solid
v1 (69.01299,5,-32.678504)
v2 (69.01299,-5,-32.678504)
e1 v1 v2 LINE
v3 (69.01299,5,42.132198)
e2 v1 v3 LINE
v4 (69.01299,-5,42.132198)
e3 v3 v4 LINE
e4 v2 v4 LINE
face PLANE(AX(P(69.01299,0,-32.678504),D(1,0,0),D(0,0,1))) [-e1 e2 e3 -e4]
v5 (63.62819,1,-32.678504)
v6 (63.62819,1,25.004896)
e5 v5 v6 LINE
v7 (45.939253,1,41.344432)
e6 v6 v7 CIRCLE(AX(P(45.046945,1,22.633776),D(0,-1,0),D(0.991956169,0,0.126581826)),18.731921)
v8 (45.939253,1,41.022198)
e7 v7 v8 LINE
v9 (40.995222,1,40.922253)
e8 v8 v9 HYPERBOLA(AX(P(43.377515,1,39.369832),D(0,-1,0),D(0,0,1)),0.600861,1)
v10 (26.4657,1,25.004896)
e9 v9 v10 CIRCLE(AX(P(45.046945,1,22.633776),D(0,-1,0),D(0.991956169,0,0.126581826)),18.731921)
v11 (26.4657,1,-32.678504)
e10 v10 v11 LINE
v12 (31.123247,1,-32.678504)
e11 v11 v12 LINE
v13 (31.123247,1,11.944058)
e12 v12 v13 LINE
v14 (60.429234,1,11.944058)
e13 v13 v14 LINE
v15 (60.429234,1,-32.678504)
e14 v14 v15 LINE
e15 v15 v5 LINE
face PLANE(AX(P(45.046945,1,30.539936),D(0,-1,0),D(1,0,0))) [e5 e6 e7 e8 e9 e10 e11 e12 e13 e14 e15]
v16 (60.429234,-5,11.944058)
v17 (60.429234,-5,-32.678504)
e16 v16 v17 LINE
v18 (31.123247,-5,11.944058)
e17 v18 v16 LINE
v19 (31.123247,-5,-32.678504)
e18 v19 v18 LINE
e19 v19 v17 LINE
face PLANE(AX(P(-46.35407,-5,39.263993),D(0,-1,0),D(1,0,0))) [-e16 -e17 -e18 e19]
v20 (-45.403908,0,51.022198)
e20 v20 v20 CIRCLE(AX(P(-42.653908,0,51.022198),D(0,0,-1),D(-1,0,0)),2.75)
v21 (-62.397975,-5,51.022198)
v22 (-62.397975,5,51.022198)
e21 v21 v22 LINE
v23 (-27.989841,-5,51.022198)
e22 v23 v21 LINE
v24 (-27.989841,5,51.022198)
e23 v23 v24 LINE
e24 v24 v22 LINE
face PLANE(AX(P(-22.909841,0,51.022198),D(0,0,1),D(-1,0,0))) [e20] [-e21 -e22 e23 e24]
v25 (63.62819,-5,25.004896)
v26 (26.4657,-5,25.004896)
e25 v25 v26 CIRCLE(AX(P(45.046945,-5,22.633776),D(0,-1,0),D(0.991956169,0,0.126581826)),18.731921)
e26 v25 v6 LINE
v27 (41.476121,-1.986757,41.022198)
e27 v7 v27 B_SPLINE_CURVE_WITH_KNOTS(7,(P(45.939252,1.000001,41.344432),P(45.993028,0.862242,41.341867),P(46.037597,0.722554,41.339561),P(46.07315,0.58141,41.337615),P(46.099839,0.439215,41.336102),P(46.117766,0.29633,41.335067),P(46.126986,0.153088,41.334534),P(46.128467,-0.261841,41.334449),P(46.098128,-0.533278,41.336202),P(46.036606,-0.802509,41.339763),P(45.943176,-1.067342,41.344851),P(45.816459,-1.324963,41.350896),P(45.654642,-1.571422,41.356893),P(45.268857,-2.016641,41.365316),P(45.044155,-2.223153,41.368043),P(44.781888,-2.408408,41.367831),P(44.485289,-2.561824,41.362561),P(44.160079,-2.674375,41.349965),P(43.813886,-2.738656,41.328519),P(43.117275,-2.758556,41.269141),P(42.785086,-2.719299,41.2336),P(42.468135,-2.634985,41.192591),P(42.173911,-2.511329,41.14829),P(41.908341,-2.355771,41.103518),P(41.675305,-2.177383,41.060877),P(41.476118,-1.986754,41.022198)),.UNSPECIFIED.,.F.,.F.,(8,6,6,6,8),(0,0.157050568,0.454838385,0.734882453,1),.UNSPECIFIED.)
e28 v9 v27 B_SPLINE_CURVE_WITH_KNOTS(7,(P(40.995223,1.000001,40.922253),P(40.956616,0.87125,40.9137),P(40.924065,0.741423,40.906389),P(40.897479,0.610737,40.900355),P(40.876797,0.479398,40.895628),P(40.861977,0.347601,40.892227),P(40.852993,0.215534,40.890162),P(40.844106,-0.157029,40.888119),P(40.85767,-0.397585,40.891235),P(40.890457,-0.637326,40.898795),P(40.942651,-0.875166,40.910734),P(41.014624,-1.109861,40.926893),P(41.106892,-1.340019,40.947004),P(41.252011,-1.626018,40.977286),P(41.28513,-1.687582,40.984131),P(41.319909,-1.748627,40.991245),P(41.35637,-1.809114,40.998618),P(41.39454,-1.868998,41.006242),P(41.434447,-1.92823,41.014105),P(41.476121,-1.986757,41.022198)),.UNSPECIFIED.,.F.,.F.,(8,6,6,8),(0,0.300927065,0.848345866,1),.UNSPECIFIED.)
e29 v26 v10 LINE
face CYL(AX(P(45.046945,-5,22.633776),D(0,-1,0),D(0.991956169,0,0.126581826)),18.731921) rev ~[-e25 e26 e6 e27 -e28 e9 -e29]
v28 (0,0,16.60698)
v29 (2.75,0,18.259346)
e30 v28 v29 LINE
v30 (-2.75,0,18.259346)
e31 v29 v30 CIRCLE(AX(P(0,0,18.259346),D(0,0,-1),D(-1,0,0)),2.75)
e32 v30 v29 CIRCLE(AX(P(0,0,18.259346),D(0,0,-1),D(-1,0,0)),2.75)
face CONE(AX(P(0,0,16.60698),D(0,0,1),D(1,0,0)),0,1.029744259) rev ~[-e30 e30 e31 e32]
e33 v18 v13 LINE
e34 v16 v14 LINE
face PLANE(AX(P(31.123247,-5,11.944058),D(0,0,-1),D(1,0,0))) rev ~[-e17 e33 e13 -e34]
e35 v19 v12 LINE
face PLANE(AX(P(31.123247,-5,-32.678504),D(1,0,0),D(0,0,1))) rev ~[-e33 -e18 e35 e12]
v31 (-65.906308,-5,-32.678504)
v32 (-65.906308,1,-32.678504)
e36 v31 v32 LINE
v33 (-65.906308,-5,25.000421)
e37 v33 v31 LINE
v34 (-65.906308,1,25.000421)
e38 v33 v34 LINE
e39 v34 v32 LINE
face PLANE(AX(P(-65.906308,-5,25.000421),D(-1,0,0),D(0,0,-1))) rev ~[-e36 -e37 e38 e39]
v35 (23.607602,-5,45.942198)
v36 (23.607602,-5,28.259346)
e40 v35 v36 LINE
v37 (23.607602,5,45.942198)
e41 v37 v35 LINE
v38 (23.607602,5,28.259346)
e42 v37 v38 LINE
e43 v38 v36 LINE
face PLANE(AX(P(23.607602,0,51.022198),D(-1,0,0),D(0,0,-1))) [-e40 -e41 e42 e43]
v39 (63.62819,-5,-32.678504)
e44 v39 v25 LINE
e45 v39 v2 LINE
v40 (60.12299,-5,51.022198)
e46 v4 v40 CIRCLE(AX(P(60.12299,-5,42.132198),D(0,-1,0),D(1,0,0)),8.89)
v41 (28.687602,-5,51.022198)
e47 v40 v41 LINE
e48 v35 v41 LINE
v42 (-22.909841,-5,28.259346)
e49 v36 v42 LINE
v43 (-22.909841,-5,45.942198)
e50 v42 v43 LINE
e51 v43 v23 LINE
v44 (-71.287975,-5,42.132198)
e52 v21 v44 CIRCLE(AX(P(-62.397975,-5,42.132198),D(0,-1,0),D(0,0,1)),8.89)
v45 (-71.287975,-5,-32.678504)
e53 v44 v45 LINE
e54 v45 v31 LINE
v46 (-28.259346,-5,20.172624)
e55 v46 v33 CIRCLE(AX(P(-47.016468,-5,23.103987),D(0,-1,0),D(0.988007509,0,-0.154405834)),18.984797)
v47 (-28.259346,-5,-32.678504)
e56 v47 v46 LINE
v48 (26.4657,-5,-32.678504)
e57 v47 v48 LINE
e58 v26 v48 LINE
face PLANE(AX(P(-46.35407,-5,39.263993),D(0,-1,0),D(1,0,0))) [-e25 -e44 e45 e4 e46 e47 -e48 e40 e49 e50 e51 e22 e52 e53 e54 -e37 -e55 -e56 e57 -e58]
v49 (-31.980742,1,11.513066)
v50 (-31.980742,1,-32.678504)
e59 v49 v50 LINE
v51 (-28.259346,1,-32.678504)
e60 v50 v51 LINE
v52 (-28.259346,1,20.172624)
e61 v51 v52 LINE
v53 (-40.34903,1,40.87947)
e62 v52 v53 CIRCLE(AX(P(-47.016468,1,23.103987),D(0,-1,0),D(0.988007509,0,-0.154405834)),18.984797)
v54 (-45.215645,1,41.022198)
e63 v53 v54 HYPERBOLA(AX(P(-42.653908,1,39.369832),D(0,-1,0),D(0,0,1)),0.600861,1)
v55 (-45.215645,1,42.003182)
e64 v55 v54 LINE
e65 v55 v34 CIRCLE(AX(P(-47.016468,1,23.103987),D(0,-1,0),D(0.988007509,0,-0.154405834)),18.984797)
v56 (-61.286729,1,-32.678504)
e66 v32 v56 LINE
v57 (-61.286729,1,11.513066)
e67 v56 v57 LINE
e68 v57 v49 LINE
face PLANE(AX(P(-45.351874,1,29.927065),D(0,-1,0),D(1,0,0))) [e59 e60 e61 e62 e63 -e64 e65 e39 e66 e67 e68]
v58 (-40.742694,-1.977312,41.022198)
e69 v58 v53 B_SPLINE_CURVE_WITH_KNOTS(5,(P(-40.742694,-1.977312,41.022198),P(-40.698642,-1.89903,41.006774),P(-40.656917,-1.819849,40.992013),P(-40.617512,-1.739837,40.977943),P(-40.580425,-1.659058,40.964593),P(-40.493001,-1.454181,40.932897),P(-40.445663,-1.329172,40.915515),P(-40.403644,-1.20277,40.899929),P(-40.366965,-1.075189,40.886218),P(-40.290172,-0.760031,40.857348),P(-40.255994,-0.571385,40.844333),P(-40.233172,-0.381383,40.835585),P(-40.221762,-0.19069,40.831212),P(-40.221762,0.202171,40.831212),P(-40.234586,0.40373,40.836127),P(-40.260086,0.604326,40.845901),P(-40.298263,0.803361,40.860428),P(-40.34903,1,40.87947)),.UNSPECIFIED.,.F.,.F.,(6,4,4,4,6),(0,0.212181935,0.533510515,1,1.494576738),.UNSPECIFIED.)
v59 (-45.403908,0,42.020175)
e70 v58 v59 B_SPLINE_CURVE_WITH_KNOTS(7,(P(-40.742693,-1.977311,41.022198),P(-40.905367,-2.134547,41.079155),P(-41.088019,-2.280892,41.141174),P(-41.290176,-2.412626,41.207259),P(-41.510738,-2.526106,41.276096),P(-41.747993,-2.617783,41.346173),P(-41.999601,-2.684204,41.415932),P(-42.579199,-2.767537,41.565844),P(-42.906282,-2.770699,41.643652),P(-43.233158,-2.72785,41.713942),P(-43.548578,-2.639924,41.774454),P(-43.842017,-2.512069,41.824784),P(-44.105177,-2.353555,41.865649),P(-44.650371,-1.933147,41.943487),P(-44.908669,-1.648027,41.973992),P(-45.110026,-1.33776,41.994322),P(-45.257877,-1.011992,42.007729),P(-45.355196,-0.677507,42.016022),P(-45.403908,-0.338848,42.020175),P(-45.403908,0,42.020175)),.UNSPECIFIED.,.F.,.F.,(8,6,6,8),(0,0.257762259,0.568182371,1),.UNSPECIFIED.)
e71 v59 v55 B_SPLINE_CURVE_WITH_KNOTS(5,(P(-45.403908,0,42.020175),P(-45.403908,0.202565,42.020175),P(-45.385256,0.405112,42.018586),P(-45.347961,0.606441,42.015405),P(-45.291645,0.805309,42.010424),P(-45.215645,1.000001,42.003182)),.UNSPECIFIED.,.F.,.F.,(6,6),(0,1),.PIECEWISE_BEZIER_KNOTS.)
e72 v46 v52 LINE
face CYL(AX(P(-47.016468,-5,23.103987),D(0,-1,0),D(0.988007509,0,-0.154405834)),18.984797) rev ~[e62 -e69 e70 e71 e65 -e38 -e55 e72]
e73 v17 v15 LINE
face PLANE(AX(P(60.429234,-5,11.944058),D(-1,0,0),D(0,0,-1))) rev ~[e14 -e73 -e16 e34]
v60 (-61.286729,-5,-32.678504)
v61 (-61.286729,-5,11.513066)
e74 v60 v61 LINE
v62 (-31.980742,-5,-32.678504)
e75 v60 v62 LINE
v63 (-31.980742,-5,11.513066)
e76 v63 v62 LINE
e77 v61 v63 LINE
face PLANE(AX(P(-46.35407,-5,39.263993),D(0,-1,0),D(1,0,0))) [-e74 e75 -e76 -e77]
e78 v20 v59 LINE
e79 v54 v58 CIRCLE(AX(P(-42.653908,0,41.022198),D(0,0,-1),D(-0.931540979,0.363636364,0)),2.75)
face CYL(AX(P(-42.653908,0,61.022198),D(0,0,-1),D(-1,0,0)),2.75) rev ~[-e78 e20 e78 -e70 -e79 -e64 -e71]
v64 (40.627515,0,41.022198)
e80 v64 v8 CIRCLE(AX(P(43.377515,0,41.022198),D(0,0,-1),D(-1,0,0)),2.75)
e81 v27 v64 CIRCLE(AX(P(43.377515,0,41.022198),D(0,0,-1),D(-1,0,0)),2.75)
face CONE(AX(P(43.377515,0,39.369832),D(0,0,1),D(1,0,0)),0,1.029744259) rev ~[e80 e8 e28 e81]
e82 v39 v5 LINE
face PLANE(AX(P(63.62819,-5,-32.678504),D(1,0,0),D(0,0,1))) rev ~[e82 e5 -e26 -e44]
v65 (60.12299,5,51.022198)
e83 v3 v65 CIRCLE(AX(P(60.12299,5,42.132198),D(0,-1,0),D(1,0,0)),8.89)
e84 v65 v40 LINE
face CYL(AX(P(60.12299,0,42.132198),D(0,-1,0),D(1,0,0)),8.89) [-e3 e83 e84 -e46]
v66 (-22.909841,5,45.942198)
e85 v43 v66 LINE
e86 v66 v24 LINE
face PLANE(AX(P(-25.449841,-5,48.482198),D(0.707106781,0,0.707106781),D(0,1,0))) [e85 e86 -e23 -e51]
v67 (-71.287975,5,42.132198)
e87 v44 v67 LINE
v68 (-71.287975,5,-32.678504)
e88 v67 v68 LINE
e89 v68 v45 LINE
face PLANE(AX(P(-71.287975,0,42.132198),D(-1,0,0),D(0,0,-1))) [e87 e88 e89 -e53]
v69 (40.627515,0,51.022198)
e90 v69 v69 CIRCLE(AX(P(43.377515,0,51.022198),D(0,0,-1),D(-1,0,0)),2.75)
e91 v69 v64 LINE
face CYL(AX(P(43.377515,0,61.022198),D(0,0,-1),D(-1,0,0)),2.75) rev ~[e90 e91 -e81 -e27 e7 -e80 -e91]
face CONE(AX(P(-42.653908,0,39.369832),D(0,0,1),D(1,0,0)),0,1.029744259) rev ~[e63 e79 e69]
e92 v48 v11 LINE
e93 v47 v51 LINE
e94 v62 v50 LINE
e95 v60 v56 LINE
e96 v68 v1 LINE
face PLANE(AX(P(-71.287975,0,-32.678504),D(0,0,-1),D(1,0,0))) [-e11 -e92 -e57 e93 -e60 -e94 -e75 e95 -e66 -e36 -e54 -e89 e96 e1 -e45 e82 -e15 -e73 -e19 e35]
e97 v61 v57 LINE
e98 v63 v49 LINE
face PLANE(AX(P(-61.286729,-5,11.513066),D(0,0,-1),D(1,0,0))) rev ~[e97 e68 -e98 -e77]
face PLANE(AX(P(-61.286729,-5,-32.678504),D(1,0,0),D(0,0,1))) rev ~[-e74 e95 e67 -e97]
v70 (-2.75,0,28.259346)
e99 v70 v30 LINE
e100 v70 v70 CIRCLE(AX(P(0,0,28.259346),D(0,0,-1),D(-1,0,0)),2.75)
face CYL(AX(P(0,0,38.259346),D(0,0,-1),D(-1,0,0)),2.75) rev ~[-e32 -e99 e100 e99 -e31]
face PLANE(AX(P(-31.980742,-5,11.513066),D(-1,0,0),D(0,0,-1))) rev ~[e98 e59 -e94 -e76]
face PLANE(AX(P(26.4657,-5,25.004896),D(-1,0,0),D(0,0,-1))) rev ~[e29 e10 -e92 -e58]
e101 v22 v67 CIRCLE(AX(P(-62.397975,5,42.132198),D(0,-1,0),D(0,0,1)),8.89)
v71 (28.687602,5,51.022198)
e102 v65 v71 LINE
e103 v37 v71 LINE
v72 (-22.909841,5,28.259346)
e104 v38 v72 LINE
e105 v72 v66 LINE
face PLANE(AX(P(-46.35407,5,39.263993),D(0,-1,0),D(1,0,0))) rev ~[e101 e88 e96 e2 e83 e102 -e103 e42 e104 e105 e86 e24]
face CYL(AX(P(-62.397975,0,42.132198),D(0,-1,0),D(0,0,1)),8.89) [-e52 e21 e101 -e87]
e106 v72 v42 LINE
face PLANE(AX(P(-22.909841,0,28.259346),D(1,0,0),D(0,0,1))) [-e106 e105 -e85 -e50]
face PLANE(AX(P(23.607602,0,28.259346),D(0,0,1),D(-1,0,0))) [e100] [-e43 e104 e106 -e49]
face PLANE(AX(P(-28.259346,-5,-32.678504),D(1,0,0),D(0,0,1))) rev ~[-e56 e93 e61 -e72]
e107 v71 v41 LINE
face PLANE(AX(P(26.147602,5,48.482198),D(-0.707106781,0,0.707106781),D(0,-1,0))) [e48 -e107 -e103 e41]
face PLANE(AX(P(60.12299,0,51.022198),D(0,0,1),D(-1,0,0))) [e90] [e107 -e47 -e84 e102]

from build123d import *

# Parameters (mm, degrees)
F1_DEPTH  = 5
F4_D      = 5.5
F4_DEPTH  = 10
F4_TIP    = 1.6523667023
F5_D      = 5.5
F5_DEPTH  = 10
F5_TIP    = 1.6523667023
F7_D      = 5.5
F7_DEPTH  = 10
F7_TIP    = 1.6523667023
F9_DEPTH  = 6
F11_DEPTH = 6
F12_SIZE  = 5.08
F13_SIZE  = 5.08


with BuildPart() as f1:
    # F0 (on Front) → F1 (new body, symmetric)
    with BuildSketch(Plane.XZ):
        with BuildLine():
            Line((-71.2879747152, 42.1321982205), (-71.2879747152, 28.2593462616))
            Line((-71.2879747152, 28.2593462616), (-22.9098405689, 28.2593462616))
            Line((-22.9098405689, 28.2593462616), (-22.9098405689, 51.0221982205))
            Line((-22.9098405689, 51.0221982205), (-62.3979747152, 51.0221982205))
            ThreePointArc((-62.3979747152, 51.0221982205), (-68.684154, 48.4183775052), (-71.2879747152, 42.1321982205))
        make_face()
        Polygon((-22.9098405689, 28.2593462616), (-71.2879747152, 28.2593462616), (-71.2879747152, -32.6785035431), (69.0129896845, -32.6785035431), (69.0129896845, 28.2593462616), (23.607602343, 28.2593462616), align=None)
        with BuildLine():
            Line((23.607602343, 51.0221982205), (23.607602343, 28.2593462616))
            Line((23.607602343, 28.2593462616), (69.0129896845, 28.2593462616))
            Line((69.0129896845, 28.2593462616), (69.0129896845, 42.1321982205))
            ThreePointArc((69.0129896845, 42.1321982205), (66.4091689693, 48.4183775052), (60.1229896845, 51.0221982205))
            Line((60.1229896845, 51.0221982205), (23.607602343, 51.0221982205))
        make_face()
    extrude(amount=F1_DEPTH, both=True)

    # F4
    with Locations(Plane.XY.offset(51.0221982205)):
        with Locations((-42.6539076421, 0)):
            Hole(F4_D / 2, depth=F4_DEPTH)
            with Locations((0, 0, -(F4_DEPTH + F4_TIP / 2))):  # 118° drill point
                Cone(0, F4_D / 2, F4_TIP, mode=Mode.SUBTRACT)

    # F5
    with Locations(Plane.XY.offset(51.0221982205)):
        with Locations((43.3775149286, 0)):
            Hole(F5_D / 2, depth=F5_DEPTH)
            with Locations((0, 0, -(F5_DEPTH + F5_TIP / 2))):  # 118° drill point
                Cone(0, F5_D / 2, F5_TIP, mode=Mode.SUBTRACT)

    # F7
    with Locations(Plane.XY.offset(28.2593462616)):
        with Locations((0, 0)):
            Hole(F7_D / 2, depth=F7_DEPTH)
            with Locations((0, 0, -(F7_DEPTH + F7_TIP / 2))):  # 118° drill point
                Cone(0, F7_D / 2, F7_TIP, mode=Mode.SUBTRACT)

    # F8 (on face) → F9 (cut)
    with BuildSketch(Plane.XZ.offset(5)):
        with BuildLine():
            Line((-28.2593462616, 25.0004206035), (-28.2593462616, 20.1726239209))
            ThreePointArc((-28.2593462616, 20.1726239209), (-44.6016580305, 41.9345797557), (-65.9063084503, 25.0004206035))
            Line((-65.9063084503, 25.0004206035), (-28.2593462616, 25.0004206035))
        make_face()
        Polygon((-28.2593462616, -32.6785035431), (-28.2593462616, 20.1726239209), (-28.2593462616, 25.0004206035), (-65.9063084503, 25.0004206035), (-65.9063084503, 21.2075540823), (-65.9063084503, -32.6785035431), (-61.2867288291, -32.6785035431), (-61.2867288291, 11.5130664781), (-31.9807417691, 11.5130664781), (-31.9807417691, -32.6785035431), align=None)
    extrude(amount=-F9_DEPTH, mode=Mode.SUBTRACT)

    # F10 (on face) → F11 (cut)
    with BuildSketch(Plane.XZ.offset(5)):
        with BuildLine():
            Line((26.4657004472, 25.0048964569), (63.6281896845, 25.0048964569))
            ThreePointArc((63.6281896845, 25.0048964569), (45.0469450659, 41.3656967057), (26.4657004472, 25.0048964569))
        make_face()
        Polygon((63.6281896845, -32.6785035431), (63.6281896845, 25.0048964569), (26.4657004472, 25.0048964569), (26.4657004472, 20.2626549029), (26.4657004472, -32.6785035431), (31.1232465006, -32.6785035431), (31.1232465006, 11.9440579109), (60.4292335607, 11.9440579109), (60.4292335607, -32.6785035431), align=None)
    extrude(amount=-F11_DEPTH, mode=Mode.SUBTRACT)

    # F12
    f12_edges = [f1.edges().sort_by_distance(p)[0] for p in [
        (-22.909841, 0, 51.022198),
    ]]
    chamfer(f12_edges, length=F12_SIZE)

    # F13
    f13_edges = [f1.edges().sort_by_distance(p)[0] for p in [
        (23.607602, 0, 51.022198),
    ]]
    chamfer(f13_edges, length=F13_SIZE)


solid = f1.part
